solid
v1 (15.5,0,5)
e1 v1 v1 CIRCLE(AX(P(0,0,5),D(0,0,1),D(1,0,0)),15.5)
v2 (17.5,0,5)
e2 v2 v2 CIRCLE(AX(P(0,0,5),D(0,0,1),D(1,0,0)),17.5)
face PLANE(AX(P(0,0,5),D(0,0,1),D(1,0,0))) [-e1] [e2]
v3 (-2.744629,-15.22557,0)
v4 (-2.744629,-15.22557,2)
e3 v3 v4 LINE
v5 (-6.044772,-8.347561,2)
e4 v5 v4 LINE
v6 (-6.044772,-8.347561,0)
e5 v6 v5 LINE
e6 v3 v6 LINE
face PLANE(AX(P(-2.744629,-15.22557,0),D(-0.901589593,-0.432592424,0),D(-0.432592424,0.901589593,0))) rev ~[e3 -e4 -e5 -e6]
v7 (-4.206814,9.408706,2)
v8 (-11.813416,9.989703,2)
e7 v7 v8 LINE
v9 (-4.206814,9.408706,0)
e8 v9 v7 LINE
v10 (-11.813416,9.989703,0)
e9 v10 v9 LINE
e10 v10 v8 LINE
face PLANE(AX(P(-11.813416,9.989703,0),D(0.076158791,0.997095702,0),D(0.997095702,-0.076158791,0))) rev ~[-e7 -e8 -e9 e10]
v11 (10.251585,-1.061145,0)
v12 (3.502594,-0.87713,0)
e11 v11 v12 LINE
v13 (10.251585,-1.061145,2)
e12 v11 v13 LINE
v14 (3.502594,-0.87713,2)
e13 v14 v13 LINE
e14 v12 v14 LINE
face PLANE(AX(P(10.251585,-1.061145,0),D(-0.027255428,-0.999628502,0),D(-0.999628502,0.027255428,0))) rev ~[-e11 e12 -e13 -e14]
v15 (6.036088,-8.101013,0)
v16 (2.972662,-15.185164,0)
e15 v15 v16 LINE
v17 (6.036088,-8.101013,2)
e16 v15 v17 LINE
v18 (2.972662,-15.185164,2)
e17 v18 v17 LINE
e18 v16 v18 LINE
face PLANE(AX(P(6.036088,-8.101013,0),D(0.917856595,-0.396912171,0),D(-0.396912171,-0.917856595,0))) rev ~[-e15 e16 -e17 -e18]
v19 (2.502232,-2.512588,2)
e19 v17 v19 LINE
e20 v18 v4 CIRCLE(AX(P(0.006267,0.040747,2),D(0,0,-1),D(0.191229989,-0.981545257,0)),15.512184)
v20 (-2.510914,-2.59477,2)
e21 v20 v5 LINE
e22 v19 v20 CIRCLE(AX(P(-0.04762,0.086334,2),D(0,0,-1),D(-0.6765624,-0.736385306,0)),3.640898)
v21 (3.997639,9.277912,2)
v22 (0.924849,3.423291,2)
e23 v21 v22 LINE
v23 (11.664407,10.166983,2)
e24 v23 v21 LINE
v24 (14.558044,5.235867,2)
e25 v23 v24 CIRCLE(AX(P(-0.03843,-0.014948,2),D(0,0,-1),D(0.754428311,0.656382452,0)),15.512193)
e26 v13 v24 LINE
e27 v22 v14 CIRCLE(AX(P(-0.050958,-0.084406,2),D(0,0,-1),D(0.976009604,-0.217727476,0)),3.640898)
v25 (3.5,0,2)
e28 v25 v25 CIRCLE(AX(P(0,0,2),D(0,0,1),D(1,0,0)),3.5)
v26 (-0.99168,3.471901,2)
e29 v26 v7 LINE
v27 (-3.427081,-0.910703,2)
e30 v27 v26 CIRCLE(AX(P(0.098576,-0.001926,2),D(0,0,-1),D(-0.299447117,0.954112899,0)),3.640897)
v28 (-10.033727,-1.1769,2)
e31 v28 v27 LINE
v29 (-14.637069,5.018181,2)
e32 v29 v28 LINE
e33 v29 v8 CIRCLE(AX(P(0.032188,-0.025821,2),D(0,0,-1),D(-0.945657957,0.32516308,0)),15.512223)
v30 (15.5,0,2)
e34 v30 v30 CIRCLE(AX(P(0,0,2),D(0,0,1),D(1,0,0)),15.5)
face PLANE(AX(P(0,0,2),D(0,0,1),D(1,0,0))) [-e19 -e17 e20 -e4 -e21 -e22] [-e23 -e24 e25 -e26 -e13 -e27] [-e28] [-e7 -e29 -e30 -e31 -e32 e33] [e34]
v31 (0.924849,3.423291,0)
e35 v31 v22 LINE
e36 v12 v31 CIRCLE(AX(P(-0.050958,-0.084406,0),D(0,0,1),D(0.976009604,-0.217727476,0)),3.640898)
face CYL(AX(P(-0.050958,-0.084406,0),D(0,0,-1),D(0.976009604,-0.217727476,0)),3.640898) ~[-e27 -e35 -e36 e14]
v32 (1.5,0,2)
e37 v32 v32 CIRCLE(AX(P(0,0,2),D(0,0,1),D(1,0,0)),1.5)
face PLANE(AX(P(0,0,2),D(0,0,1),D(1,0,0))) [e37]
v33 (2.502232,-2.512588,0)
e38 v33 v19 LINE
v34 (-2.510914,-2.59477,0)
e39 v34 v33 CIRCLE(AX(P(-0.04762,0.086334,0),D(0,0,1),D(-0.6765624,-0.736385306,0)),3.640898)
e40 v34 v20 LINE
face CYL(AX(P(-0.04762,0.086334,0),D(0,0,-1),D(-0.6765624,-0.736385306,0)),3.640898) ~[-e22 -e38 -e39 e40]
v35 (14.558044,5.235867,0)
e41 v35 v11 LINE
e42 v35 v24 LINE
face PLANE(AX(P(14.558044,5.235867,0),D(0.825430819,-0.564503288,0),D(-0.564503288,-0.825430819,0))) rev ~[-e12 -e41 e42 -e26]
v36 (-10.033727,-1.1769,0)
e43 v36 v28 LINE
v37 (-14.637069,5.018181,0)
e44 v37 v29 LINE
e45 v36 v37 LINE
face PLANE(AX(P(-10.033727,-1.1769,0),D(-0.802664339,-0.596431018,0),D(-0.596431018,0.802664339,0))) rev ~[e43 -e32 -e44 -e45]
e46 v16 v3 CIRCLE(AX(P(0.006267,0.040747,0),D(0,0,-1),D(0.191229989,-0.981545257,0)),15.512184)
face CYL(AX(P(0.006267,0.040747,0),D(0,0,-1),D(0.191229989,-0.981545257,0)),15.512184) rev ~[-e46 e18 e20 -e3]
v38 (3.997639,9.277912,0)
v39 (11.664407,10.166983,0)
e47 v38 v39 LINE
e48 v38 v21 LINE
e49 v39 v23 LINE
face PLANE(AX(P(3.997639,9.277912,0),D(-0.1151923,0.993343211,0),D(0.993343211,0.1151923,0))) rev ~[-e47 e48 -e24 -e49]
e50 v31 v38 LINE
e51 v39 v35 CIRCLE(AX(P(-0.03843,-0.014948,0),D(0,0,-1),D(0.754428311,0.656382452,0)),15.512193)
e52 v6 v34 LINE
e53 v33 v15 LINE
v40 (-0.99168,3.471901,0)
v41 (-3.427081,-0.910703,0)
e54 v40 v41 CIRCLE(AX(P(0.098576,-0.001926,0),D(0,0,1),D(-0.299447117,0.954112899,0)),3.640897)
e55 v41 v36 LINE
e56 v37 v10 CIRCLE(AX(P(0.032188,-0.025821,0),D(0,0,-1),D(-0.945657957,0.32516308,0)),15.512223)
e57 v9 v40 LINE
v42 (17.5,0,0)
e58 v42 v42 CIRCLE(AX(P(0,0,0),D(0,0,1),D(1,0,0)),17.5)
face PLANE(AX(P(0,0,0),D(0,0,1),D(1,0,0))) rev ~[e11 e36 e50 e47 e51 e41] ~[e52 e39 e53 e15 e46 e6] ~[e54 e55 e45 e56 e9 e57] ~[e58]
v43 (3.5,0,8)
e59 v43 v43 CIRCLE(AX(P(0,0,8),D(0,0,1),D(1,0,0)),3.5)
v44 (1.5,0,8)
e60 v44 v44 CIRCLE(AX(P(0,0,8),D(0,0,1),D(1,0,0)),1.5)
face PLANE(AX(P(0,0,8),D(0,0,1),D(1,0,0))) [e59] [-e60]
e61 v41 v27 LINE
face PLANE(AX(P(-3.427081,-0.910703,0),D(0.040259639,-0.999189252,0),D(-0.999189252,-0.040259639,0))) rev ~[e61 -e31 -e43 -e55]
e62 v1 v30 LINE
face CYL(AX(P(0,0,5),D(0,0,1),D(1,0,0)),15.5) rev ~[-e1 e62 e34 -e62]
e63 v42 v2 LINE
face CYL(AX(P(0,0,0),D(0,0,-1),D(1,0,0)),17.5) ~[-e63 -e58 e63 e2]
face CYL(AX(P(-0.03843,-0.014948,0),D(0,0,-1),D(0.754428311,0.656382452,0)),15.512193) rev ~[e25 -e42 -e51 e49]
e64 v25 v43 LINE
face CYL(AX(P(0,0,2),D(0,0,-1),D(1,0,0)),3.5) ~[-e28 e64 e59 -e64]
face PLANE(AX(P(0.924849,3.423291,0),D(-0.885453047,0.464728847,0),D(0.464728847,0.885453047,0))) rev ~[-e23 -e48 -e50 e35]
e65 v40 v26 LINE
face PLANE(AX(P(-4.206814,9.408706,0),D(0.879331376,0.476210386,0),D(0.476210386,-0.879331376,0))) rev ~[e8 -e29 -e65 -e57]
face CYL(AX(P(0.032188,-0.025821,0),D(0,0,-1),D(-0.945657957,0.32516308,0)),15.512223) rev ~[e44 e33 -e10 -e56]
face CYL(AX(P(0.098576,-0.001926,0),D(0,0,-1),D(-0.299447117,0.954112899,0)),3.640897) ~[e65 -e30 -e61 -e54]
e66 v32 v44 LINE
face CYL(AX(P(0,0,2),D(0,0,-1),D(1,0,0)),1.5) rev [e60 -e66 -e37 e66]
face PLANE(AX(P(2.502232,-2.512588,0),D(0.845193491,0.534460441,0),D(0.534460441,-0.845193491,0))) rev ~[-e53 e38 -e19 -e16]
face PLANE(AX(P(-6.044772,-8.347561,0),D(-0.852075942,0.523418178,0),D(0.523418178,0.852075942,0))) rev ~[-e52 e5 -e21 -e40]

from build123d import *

# Parameters (mm, degrees)
F0_R     = 17.5
F1_DEPTH = 5
F2_R     = 15.5
F3_DEPTH = 3
F4_R     = 3.5
F4_R_2   = 1.5
F5_DEPTH = 6
F8_DEPTH = 25


with BuildPart() as f1:
    # F0 (on Top) → F1 (new body)
    with BuildSketch(Plane.XY):
        Circle(F0_R)
    extrude(amount=F1_DEPTH)

    # F2 (on face) → F3 (cut)
    with BuildSketch(Plane.XY.offset(5)):
        Circle(F2_R)
    extrude(amount=-F3_DEPTH, mode=Mode.SUBTRACT)

    # F4 (on face) → F5 (join)
    with BuildSketch(Plane.XY.offset(2)):
        Circle(F4_R)
        Circle(F4_R_2, mode=Mode.SUBTRACT)
    extrude(amount=F5_DEPTH)

    # F7 (on face) → F8 (cut)
    with BuildSketch(Plane(origin=(0, 0, 0), x_dir=(1, 0, 0), z_dir=(0, 0, -1))):
        with BuildLine():
            ThreePointArc((-2.510914, 2.59477), (0.012059, 3.554075), (2.502232, 2.512588))
            Line((2.502232, 2.512588), (6.036088, 8.101013))
            Line((6.036088, 8.101013), (2.972662, 15.185164))
            ThreePointArc((2.972662, 15.185164), (0.115894, 15.47105), (-2.744629, 15.22557))
            Line((-2.744629, 15.22557), (-6.044772, 8.347561))
            Line((-6.044772, 8.347561), (-2.510914, 2.59477))
        make_face()
        with BuildLine():
            Line((-3.427081, 0.910703), (-10.033727, 1.1769))
            Line((-10.033727, 1.1769), (-14.637069, -5.018181))
            ThreePointArc((-14.637069, -5.018181), (-13.456269, -7.635157), (-11.813416, -9.989703))
            Line((-11.813416, -9.989703), (-4.206814, -9.408706))
            Line((-4.206814, -9.408706), (-0.99168, -3.471901))
            ThreePointArc((-0.99168, -3.471901), (-3.083949, -1.766595), (-3.427081, 0.910703))
        make_face()
        with BuildLine():
            Line((0.924849, -3.423291), (3.997639, -9.277912))
            Line((3.997639, -9.277912), (11.664407, -10.166983))
            ThreePointArc((11.664407, -10.166983), (13.340375, -7.835892), (14.558044, -5.235867))
            Line((14.558044, -5.235867), (10.251585, 1.061145))
            Line((10.251585, 1.061145), (3.502594, 0.87713))
            ThreePointArc((3.502594, 0.87713), (3.07189, -1.787481), (0.924849, -3.423291))
        make_face()
    extrude(amount=-F8_DEPTH, mode=Mode.SUBTRACT)


solid = f1.part
